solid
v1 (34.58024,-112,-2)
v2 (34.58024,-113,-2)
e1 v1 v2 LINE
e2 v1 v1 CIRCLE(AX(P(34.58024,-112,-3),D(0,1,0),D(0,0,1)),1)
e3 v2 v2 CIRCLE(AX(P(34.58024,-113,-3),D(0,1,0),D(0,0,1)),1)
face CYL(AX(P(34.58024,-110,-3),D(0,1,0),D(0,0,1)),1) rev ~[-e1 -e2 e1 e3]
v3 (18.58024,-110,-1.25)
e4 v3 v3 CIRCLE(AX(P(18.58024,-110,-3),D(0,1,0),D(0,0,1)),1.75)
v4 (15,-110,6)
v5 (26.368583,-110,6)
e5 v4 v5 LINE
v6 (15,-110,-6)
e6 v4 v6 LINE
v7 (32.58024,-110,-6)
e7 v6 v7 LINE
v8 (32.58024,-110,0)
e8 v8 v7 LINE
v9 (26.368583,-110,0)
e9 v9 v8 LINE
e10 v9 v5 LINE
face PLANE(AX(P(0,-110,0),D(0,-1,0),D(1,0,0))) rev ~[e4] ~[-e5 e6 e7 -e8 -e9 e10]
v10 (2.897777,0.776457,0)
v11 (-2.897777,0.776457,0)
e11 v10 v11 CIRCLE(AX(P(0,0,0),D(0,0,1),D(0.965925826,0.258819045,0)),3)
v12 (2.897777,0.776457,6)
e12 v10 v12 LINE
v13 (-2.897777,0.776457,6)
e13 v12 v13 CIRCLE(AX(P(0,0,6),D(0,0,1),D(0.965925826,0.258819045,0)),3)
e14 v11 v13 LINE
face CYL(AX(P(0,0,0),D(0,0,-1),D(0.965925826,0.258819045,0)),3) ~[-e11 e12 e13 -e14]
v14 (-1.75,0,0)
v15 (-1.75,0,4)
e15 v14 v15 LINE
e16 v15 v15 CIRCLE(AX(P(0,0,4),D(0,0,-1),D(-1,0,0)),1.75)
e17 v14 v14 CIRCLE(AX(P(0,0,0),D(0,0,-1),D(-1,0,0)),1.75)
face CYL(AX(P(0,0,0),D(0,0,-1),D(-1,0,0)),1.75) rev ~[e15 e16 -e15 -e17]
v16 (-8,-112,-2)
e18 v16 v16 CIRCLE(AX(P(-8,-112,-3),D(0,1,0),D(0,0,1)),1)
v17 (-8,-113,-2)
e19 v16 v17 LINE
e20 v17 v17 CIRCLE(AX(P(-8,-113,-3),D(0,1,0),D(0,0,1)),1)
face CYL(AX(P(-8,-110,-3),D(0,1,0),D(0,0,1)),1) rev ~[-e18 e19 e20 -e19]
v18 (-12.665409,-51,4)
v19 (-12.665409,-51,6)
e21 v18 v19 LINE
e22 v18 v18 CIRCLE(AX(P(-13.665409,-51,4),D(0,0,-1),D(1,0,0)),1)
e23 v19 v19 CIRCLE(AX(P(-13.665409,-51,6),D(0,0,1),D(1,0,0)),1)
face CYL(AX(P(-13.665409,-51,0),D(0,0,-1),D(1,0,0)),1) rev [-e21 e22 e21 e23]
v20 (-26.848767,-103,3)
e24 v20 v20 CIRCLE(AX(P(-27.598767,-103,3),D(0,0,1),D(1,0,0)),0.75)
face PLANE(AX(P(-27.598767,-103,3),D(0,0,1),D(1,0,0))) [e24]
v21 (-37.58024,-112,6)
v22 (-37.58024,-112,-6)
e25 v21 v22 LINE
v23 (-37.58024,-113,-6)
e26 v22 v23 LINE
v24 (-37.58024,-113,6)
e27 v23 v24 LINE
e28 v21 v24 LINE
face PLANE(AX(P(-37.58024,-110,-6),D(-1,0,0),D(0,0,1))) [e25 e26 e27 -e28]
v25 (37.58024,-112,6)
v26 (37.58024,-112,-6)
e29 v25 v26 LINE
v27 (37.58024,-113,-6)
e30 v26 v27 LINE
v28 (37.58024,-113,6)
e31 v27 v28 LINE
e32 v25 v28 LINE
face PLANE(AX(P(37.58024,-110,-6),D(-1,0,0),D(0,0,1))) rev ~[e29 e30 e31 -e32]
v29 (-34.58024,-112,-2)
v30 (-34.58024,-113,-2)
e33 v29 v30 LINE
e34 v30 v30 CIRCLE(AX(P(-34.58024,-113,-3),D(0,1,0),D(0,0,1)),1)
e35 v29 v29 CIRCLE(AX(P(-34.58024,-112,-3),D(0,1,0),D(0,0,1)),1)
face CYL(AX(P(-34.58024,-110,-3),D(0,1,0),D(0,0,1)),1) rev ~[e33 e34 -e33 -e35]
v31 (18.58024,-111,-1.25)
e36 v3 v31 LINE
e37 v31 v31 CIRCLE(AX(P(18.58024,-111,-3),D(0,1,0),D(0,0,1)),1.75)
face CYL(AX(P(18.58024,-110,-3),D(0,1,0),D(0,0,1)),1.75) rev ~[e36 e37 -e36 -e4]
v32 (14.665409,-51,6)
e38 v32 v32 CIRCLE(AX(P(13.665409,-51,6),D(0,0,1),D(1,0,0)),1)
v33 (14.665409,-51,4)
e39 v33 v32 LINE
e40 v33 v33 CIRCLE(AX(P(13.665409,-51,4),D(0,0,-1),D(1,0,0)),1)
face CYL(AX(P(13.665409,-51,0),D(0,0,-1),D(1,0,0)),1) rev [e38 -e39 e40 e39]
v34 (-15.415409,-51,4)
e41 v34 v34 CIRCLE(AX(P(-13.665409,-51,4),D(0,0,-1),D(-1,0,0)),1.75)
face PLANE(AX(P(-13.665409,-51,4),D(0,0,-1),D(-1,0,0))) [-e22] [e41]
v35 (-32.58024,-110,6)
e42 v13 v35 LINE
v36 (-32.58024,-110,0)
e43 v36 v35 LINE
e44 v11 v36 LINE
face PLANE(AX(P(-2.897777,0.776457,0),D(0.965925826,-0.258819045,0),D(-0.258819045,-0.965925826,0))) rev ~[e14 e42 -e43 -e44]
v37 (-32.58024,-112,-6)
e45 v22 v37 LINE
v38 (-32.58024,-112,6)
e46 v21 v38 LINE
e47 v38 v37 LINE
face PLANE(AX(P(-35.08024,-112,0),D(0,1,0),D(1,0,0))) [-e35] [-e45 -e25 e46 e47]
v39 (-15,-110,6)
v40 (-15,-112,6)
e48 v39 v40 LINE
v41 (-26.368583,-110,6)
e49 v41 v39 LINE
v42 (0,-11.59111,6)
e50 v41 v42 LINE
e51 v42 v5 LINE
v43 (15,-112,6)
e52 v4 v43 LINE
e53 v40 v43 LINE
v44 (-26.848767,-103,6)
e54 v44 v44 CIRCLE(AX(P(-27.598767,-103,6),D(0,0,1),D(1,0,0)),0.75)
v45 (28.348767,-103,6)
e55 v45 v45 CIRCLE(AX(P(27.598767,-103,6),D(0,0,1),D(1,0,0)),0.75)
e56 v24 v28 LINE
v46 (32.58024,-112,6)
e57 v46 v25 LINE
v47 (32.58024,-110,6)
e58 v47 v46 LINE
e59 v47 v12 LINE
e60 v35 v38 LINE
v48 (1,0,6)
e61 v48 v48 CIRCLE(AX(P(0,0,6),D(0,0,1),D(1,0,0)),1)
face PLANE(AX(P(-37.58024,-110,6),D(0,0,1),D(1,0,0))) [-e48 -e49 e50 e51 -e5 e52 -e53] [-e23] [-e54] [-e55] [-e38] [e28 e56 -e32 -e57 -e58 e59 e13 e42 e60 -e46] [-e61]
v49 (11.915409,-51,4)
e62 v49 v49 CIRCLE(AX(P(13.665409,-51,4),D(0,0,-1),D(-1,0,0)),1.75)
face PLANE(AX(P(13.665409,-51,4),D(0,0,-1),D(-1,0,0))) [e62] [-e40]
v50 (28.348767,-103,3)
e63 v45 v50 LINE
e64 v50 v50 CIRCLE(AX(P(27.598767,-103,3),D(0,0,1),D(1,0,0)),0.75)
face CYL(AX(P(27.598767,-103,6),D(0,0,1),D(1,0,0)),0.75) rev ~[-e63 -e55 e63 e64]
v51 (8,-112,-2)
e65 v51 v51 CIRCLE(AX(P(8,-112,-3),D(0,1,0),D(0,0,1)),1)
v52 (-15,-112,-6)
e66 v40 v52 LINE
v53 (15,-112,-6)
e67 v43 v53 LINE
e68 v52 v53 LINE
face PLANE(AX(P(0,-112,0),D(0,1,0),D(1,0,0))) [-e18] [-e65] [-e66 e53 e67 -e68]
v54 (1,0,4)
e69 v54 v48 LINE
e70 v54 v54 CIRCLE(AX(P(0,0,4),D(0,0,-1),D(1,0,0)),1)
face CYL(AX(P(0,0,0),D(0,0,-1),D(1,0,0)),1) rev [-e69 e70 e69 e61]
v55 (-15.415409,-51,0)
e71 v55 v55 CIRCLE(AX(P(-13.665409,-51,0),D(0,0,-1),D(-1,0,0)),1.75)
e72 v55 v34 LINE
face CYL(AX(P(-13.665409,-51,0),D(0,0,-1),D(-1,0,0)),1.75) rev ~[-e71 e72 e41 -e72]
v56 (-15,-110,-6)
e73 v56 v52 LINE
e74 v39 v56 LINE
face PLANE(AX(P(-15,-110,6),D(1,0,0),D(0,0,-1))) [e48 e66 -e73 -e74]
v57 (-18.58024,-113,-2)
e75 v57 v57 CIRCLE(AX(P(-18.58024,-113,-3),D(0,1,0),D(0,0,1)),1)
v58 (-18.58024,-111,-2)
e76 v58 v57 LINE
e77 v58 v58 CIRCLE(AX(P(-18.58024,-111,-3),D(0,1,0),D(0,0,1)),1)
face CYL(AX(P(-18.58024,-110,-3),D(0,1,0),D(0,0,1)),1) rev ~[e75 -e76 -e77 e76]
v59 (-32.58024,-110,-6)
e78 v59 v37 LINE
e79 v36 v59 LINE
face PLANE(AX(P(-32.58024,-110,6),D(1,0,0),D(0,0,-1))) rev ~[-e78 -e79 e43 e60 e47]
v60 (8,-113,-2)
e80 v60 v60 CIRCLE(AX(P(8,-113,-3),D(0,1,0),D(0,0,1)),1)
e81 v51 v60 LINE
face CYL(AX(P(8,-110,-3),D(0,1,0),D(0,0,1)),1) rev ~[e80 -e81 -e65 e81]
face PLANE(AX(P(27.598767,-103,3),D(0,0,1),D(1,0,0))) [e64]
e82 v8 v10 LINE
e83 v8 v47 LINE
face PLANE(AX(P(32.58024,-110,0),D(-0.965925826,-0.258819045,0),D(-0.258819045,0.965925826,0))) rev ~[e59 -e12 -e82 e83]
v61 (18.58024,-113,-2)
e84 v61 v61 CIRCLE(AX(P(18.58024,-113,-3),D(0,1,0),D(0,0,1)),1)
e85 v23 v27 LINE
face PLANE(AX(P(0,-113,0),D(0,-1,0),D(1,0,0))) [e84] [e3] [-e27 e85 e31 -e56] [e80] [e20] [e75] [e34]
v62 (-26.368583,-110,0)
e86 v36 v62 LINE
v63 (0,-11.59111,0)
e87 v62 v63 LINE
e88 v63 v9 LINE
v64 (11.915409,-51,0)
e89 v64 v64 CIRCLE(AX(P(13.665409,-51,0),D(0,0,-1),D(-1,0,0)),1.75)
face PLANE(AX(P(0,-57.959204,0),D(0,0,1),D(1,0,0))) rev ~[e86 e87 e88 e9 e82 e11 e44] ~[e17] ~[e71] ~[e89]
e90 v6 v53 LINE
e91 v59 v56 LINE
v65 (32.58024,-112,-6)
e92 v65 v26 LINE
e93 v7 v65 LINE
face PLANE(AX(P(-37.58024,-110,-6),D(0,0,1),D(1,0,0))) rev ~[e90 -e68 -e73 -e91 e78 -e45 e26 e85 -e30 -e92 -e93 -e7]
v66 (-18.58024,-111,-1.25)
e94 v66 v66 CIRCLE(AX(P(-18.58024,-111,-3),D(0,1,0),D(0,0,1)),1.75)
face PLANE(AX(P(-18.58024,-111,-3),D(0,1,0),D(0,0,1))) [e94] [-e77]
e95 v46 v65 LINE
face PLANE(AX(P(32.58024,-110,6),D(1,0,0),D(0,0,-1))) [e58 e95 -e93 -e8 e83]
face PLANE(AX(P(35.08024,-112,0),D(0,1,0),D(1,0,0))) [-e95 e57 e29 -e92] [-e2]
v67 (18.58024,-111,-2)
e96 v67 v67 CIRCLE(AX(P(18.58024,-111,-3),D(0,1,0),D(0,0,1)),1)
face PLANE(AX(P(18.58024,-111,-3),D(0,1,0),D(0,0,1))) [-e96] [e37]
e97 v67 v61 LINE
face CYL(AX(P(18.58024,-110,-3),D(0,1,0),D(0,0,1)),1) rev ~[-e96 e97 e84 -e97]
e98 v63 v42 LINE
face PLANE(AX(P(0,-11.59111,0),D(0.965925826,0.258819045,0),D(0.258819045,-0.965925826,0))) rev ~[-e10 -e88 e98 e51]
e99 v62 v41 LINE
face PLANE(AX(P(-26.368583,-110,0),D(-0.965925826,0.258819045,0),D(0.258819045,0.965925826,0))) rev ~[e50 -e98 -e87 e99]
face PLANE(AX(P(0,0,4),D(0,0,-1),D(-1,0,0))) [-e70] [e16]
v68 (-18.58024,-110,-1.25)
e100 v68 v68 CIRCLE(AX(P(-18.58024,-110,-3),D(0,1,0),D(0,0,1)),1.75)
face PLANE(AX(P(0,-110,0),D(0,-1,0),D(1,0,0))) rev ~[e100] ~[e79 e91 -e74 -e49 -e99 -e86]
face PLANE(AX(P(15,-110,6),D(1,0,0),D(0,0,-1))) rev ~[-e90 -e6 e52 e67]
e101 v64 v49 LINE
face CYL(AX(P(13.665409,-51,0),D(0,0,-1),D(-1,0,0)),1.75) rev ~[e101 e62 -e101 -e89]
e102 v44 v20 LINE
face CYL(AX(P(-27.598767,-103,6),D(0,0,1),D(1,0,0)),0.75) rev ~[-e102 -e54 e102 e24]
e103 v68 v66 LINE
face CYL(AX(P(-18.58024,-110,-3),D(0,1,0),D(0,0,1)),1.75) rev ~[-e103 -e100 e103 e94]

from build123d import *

# Parameters (mm, degrees)
SKETCH_1_R          = 1
EXTRUDE_1_DEPTH     = 6
SKETCH_2_R          = 1.75
CUT_EXTRUDE_1_DEPTH = 4
SKETCH_3_W          = 75.160479418
SKETCH_3_H          = 12
EXTRUDE_2_DEPTH     = 3
SKETCH_4_R          = 0.75
CUT_EXTRUDE_2_DEPTH = 3
SKETCH_5_W          = 5
SKETCH_5_H          = 12
SKETCH_5_W_2        = 30
CUT_EXTRUDE_3_DEPTH = 2
SKETCH_6_R          = 1
CUT_EXTRUDE_4_DEPTH = 120.23621269
SKETCH_6_3_R        = 1
SKETCH_6_3_R_2      = 1.75
CUT_EXTRUDE_5_DEPTH = 1


with BuildPart() as part:
    # 草图1 → 凸台-拉伸1 (new body)
    with BuildSketch(Plane.XY):
        with BuildLine():
            Line((0, -11.591109915), (26.368582626, -110))
            Line((26.368582626, -110), (32.580239709, -110))
            Line((32.580239709, -110), (2.897777479, 0.776457135))
            ThreePointArc((2.897777479, 0.776457135), (0, 3), (-2.897777479, 0.776457135))
            Line((-2.897777479, 0.776457135), (-32.580239709, -110))
            Line((-32.580239709, -110), (-26.368582626, -110))
            Line((-26.368582626, -110), (0, -11.591109915))
        make_face()
        with Locations((13.665408814, -51)):
            Circle(SKETCH_1_R, mode=Mode.SUBTRACT)
        Circle(SKETCH_1_R, mode=Mode.SUBTRACT)
        with Locations((-13.665408814, -51)):
            Circle(SKETCH_1_R, mode=Mode.SUBTRACT)
    extrude(amount=EXTRUDE_1_DEPTH)

    # 草图2 → 切除-拉伸1 (cut)
    with BuildSketch(Plane(origin=(0, 0, 0), x_dir=(-1, 0, 0), z_dir=(0, 0, -1))):
        Circle(SKETCH_2_R)
        with Locations((13.665408814, -51)):
            Circle(SKETCH_2_R)
        with Locations((-13.665408814, -51)):
            Circle(SKETCH_2_R)
    extrude(amount=-CUT_EXTRUDE_1_DEPTH, mode=Mode.SUBTRACT)

    # 草图3 → 凸台-拉伸2 (add)
    with BuildSketch(Plane.XZ.offset(110)):
        Rectangle(SKETCH_3_W, SKETCH_3_H)
    extrude(amount=EXTRUDE_2_DEPTH)

    # 草图4 → 切除-拉伸2 (cut)
    with BuildSketch(Plane.XY.offset(6)):
        with Locations((-27.59876682, -103)):
            Circle(SKETCH_4_R)
        with Locations((27.59876682, -103)):
            Circle(SKETCH_4_R)
    extrude(amount=-CUT_EXTRUDE_2_DEPTH, mode=Mode.SUBTRACT)

    # 草图5 → 切除-拉伸3 (cut)
    with BuildSketch(Plane(origin=(0, -110, 0), x_dir=(1, 0, 0), z_dir=(0, 1, 0))):
        with Locations((-35.080239709, 0)):
            Rectangle(SKETCH_5_W, SKETCH_5_H)
        with Locations((35.080239709, 0)):
            Rectangle(SKETCH_5_W, SKETCH_5_H)
        Rectangle(SKETCH_5_W_2, SKETCH_5_H)
    extrude(amount=-CUT_EXTRUDE_3_DEPTH, mode=Mode.SUBTRACT)

    # 草图6 → 切除-拉伸4 (cut, through all)
    with BuildSketch(Plane(origin=(0, -110, 0), x_dir=(1, 0, 0), z_dir=(0, 1, 0))):
        with Locations(Location((-8, 3, 0), (0, 0, 270))):
            Circle(SKETCH_6_R)
        with Locations(Location((-34.580239709, 3, 0), (0, 0, 270))):
            Circle(SKETCH_6_R)
        with Locations(Location((-18.580239709, 3, 0), (0, 0, 270))):
            Circle(SKETCH_6_R)
        with Locations(Location((8, 3, 0), (0, 0, 270))):
            Circle(SKETCH_6_R)
        with Locations(Location((18.580239709, 3, 0), (0, 0, 270))):
            Circle(SKETCH_6_R)
        with Locations(Location((34.580239709, 3, 0), (0, 0, 270))):
            Circle(SKETCH_6_R)
    extrude(amount=-CUT_EXTRUDE_4_DEPTH, mode=Mode.SUBTRACT)

    # 草图6<3> → 切除-拉伸5 (cut)
    # profile 1 of 6: a face of its own
    with BuildSketch(Plane(origin=(0, -110, 0), x_dir=(1, 0, 0), z_dir=(0, 1, 0))):
        with Locations(Location((-34.580239709, 3, 0), (0, 0, 270))):
            Circle(SKETCH_6_3_R)
    # profile 2 of 6: a face of its own
    with BuildSketch(Plane(origin=(0, -110, 0), x_dir=(1, 0, 0), z_dir=(0, 1, 0))):
        with Locations(Location((-8, 3, 0), (0, 0, 270))):
            Circle(SKETCH_6_3_R)
    # profile 3 of 6: a face of its own
    with BuildSketch(Plane(origin=(0, -110, 0), x_dir=(1, 0, 0), z_dir=(0, 1, 0))):
        with Locations(Location((8, 3, 0), (0, 0, 270))):
            Circle(SKETCH_6_3_R)
    # profile 4 of 6: a face of its own
    with BuildSketch(Plane(origin=(0, -110, 0), x_dir=(1, 0, 0), z_dir=(0, 1, 0))):
        with Locations(Location((34.580239709, 3, 0), (0, 0, 270))):
            Circle(SKETCH_6_3_R)
    # profile 5 of 6: a face of its own
    with BuildSketch(Plane(origin=(0, -110, 0), x_dir=(1, 0, 0), z_dir=(0, 1, 0))):
        with Locations(Location((18.580239709, 3, 0), (0, 0, 270))):
            Circle(SKETCH_6_3_R_2)
        with Locations(Location((18.580239709, 3, 0), (0, 0, 270))):
            Circle(SKETCH_6_3_R, mode=Mode.SUBTRACT)
    # profile 6 of 6: a face of its own
    with BuildSketch(Plane(origin=(0, -110, 0), x_dir=(1, 0, 0), z_dir=(0, 1, 0))):
        with Locations(Location((-18.580239709, 3, 0), (0, 0, 270))):
            Circle(SKETCH_6_3_R_2)
        with Locations(Location((-18.580239709, 3, 0), (0, 0, 270))):
            Circle(SKETCH_6_3_R, mode=Mode.SUBTRACT)
    extrude(amount=-CUT_EXTRUDE_5_DEPTH, mode=Mode.SUBTRACT)


solid = part.part
